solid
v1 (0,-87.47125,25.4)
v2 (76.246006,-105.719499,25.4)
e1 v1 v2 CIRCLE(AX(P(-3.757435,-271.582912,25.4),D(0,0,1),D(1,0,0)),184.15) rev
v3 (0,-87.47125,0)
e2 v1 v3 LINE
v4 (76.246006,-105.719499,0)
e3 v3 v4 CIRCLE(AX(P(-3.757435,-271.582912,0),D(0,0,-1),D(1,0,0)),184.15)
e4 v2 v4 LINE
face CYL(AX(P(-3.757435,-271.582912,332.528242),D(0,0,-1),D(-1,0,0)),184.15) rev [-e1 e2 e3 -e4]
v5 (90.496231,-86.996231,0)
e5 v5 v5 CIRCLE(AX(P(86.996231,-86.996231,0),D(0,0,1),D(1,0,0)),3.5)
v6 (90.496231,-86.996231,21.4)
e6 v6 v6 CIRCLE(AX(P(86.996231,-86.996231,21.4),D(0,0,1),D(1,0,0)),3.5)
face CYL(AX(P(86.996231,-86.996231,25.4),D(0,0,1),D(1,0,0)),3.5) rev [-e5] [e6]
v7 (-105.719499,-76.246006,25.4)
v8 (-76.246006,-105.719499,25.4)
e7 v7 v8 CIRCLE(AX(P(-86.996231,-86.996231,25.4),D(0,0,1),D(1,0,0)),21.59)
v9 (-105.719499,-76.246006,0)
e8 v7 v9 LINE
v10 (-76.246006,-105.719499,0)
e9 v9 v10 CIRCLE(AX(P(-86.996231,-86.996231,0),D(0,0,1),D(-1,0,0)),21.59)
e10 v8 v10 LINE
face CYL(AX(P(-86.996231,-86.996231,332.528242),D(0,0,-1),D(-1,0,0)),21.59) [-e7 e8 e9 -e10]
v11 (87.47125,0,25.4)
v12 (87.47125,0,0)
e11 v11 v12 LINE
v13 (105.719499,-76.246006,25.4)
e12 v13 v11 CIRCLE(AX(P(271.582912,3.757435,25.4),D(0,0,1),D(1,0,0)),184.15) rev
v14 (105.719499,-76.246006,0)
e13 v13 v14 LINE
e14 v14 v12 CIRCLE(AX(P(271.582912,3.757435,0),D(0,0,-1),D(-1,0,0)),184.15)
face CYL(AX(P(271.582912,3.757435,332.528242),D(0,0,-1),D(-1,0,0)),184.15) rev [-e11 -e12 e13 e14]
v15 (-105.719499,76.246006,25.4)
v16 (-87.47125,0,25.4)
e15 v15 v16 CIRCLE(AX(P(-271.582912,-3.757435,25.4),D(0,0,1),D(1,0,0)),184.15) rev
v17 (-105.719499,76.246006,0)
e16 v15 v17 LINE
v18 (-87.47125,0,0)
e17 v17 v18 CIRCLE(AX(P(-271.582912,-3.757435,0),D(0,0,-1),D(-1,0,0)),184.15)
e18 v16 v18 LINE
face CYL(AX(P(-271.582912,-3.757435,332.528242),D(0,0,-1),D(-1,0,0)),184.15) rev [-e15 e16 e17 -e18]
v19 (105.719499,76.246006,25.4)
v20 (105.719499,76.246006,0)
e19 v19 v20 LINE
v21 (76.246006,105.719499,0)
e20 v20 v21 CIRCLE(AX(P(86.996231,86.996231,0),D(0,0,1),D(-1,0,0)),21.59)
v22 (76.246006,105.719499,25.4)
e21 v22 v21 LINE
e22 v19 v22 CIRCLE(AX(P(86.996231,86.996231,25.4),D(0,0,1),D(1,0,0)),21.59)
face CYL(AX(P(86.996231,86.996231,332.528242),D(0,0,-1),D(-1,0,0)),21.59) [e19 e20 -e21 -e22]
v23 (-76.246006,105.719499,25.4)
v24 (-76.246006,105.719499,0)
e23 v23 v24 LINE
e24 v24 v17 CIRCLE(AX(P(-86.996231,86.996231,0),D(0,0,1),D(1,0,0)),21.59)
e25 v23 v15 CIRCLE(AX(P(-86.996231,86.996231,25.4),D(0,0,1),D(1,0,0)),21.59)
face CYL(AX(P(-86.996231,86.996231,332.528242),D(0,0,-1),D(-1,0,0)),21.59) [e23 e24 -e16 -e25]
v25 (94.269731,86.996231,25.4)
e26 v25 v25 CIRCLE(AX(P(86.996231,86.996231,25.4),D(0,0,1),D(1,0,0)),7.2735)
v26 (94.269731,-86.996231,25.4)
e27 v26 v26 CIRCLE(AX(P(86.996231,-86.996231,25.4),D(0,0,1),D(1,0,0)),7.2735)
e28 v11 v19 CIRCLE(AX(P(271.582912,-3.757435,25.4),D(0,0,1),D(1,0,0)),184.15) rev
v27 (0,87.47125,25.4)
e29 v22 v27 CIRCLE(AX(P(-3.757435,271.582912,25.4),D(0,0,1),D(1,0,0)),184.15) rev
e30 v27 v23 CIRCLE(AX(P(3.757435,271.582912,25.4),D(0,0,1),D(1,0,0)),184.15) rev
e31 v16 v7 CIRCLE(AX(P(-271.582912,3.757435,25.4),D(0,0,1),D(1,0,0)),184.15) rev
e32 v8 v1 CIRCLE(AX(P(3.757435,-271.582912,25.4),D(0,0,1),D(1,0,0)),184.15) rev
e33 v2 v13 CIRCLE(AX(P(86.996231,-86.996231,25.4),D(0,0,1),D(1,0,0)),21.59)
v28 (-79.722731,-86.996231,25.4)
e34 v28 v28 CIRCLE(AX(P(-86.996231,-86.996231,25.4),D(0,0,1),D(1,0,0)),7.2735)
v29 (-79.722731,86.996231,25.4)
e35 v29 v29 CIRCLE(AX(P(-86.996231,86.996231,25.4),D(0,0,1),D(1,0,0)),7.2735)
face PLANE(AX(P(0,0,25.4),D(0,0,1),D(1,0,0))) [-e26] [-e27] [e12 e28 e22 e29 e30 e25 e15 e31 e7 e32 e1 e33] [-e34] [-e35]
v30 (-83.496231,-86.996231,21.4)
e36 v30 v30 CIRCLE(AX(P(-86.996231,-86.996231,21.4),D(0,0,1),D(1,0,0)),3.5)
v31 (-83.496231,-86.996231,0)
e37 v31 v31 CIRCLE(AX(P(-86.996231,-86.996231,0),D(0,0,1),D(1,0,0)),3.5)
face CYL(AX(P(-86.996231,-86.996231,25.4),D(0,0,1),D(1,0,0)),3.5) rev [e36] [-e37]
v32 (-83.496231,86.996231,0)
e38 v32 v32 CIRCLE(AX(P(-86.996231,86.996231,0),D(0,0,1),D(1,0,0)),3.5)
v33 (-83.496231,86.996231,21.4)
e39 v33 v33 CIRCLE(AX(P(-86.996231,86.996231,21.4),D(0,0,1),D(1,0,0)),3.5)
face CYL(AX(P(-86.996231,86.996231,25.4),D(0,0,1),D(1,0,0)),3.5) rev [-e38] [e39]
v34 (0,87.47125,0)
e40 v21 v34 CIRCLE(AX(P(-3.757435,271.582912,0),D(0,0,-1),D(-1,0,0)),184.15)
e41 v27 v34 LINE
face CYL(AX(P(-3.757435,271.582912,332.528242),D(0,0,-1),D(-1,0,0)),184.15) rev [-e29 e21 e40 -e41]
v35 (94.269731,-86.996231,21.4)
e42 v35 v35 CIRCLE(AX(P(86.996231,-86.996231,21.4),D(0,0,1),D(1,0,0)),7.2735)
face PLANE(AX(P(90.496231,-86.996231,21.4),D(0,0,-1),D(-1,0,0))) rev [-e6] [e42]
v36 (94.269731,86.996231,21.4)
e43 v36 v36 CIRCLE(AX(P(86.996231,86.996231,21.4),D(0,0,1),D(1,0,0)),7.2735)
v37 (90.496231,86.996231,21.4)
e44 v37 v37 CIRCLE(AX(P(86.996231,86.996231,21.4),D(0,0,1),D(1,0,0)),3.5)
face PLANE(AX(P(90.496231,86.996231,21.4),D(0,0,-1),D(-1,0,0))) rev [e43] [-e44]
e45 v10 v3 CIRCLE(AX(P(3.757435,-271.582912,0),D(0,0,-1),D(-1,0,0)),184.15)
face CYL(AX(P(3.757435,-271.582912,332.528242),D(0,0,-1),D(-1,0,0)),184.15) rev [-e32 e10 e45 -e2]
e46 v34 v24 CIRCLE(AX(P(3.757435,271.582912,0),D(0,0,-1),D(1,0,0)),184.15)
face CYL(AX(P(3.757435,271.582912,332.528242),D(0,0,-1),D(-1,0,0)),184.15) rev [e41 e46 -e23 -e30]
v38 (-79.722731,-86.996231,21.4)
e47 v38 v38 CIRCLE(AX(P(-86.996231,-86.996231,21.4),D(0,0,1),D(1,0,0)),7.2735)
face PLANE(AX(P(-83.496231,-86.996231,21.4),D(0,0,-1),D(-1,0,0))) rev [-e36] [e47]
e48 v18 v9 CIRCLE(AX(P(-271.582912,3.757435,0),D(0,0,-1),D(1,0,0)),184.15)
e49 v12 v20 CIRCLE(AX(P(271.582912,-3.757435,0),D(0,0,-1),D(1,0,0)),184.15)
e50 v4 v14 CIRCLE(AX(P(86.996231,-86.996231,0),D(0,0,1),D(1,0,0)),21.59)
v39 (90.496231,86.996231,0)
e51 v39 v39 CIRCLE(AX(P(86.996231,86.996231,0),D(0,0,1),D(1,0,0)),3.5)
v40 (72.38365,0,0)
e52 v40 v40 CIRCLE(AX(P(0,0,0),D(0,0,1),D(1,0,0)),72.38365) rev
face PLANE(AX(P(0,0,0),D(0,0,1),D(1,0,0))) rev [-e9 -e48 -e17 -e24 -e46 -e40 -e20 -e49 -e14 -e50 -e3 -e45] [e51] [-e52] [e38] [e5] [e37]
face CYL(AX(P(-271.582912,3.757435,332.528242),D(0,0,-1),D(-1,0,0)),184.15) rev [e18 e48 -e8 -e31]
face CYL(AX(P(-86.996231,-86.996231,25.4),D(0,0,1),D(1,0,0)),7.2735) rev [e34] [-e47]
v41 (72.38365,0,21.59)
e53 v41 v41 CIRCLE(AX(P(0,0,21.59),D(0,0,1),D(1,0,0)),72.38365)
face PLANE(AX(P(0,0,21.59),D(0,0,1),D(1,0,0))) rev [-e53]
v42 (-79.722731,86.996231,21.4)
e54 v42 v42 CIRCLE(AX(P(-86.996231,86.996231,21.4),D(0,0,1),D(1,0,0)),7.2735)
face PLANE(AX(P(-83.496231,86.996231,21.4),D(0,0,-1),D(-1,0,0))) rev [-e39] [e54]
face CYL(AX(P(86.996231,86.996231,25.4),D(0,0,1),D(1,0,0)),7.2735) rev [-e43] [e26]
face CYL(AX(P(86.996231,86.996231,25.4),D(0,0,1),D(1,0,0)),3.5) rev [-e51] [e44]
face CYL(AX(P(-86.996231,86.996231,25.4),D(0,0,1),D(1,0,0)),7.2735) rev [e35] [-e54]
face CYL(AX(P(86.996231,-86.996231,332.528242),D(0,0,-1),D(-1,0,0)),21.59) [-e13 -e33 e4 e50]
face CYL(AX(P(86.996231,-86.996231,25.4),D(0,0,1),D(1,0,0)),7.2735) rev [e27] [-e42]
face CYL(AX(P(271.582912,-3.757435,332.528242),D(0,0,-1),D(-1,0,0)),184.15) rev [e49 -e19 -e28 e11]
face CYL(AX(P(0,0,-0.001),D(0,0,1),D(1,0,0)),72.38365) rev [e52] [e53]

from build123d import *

# Parameters (mm, degrees)
SKETCH1_R                               = 87.47125
BOSS_EXTRUDE1_DEPTH                     = 25.4
BOSS_EXTRUDE2_DEPTH                     = 25.4
CUT_EXTRUDE1_REACH                      = 31.21
CUT_EXTRUDE1_START                      = -3.81
SKETCH8_R                               = 72.38365
CBORE_FOR_M6_HEX_HEAD_BOLT1_D           = 7
CBORE_FOR_M6_HEX_HEAD_BOLT1_CBORE_D     = 14.547
CBORE_FOR_M6_HEX_HEAD_BOLT1_CBORE_DEPTH = 4


with BuildPart() as part:
    # Sketch1 → Boss-Extrude1 (new body)
    with BuildSketch(Plane.XY):
        Circle(SKETCH1_R)
    extrude(amount=BOSS_EXTRUDE1_DEPTH)

    # Sketch3 → Boss-Extrude2 (add)
    with BuildSketch(Plane.XY):
        with BuildLine():
            ThreePointArc((-76.246005737, 105.719498865), (-102.262666579, 102.262666579), (-105.719498865, 76.246005737))
            ThreePointArc((-105.719498865, 76.246005737), (-92.490752346, 39.105377809), (-87.47125, 0))
            ThreePointArc((-87.47125, 0), (-92.490752346, -39.105377809), (-105.719498865, -76.246005737))
            ThreePointArc((-105.719498865, -76.246005737), (-102.262666579, -102.262666579), (-76.246005737, -105.719498865))
            ThreePointArc((-76.246005737, -105.719498865), (-39.105377809, -92.490752346), (0, -87.47125))
            ThreePointArc((0, -87.47125), (39.105377809, -92.490752346), (76.246005737, -105.719498865))
            ThreePointArc((76.246005737, -105.719498865), (102.262666579, -102.262666579), (105.719498865, -76.246005737))
            ThreePointArc((105.719498865, -76.246005737), (92.490752346, -39.105377809), (87.47125, 0))
            ThreePointArc((87.47125, 0), (92.490752346, 39.105377809), (105.719498865, 76.246005737))
            ThreePointArc((105.719498865, 76.246005737), (102.262666579, 102.262666579), (76.246005737, 105.719498865))
            ThreePointArc((76.246005737, 105.719498865), (39.105377809, 92.490752346), (0, 87.47125))
            ThreePointArc((0, 87.47125), (-39.105377809, 92.490752346), (-76.246005737, 105.719498865))
        make_face()
    extrude(amount=BOSS_EXTRUDE2_DEPTH)

    # Sketch8 → Cut-Extrude1 (cut, up to next)
    with BuildSketch(Plane.XY.offset(25.4).offset(CUT_EXTRUDE1_START), mode=Mode.PRIVATE) as cut_extrude1_sk1:
        Circle(SKETCH8_R)
    cut_extrude1_tool1 = extrude(cut_extrude1_sk1.sketch, amount=-CUT_EXTRUDE1_REACH, mode=Mode.PRIVATE) & part.part
    add(cut_extrude1_tool1.solids().sort_by_distance((0, 0, 21.59))[0], mode=Mode.SUBTRACT)

    # CBORE for M6 Hex Head Bolt1 (through all)
    with Locations(Plane.XY.offset(25.4)):
        with Locations((-86.996231173, 86.996231173), (86.996231173, 86.996231173), (86.996231173, -86.996231173), (-86.996231173, -86.996231173)):
            CounterBoreHole(CBORE_FOR_M6_HEX_HEAD_BOLT1_D / 2, CBORE_FOR_M6_HEX_HEAD_BOLT1_CBORE_D / 2, CBORE_FOR_M6_HEX_HEAD_BOLT1_CBORE_DEPTH)


solid = part.part
